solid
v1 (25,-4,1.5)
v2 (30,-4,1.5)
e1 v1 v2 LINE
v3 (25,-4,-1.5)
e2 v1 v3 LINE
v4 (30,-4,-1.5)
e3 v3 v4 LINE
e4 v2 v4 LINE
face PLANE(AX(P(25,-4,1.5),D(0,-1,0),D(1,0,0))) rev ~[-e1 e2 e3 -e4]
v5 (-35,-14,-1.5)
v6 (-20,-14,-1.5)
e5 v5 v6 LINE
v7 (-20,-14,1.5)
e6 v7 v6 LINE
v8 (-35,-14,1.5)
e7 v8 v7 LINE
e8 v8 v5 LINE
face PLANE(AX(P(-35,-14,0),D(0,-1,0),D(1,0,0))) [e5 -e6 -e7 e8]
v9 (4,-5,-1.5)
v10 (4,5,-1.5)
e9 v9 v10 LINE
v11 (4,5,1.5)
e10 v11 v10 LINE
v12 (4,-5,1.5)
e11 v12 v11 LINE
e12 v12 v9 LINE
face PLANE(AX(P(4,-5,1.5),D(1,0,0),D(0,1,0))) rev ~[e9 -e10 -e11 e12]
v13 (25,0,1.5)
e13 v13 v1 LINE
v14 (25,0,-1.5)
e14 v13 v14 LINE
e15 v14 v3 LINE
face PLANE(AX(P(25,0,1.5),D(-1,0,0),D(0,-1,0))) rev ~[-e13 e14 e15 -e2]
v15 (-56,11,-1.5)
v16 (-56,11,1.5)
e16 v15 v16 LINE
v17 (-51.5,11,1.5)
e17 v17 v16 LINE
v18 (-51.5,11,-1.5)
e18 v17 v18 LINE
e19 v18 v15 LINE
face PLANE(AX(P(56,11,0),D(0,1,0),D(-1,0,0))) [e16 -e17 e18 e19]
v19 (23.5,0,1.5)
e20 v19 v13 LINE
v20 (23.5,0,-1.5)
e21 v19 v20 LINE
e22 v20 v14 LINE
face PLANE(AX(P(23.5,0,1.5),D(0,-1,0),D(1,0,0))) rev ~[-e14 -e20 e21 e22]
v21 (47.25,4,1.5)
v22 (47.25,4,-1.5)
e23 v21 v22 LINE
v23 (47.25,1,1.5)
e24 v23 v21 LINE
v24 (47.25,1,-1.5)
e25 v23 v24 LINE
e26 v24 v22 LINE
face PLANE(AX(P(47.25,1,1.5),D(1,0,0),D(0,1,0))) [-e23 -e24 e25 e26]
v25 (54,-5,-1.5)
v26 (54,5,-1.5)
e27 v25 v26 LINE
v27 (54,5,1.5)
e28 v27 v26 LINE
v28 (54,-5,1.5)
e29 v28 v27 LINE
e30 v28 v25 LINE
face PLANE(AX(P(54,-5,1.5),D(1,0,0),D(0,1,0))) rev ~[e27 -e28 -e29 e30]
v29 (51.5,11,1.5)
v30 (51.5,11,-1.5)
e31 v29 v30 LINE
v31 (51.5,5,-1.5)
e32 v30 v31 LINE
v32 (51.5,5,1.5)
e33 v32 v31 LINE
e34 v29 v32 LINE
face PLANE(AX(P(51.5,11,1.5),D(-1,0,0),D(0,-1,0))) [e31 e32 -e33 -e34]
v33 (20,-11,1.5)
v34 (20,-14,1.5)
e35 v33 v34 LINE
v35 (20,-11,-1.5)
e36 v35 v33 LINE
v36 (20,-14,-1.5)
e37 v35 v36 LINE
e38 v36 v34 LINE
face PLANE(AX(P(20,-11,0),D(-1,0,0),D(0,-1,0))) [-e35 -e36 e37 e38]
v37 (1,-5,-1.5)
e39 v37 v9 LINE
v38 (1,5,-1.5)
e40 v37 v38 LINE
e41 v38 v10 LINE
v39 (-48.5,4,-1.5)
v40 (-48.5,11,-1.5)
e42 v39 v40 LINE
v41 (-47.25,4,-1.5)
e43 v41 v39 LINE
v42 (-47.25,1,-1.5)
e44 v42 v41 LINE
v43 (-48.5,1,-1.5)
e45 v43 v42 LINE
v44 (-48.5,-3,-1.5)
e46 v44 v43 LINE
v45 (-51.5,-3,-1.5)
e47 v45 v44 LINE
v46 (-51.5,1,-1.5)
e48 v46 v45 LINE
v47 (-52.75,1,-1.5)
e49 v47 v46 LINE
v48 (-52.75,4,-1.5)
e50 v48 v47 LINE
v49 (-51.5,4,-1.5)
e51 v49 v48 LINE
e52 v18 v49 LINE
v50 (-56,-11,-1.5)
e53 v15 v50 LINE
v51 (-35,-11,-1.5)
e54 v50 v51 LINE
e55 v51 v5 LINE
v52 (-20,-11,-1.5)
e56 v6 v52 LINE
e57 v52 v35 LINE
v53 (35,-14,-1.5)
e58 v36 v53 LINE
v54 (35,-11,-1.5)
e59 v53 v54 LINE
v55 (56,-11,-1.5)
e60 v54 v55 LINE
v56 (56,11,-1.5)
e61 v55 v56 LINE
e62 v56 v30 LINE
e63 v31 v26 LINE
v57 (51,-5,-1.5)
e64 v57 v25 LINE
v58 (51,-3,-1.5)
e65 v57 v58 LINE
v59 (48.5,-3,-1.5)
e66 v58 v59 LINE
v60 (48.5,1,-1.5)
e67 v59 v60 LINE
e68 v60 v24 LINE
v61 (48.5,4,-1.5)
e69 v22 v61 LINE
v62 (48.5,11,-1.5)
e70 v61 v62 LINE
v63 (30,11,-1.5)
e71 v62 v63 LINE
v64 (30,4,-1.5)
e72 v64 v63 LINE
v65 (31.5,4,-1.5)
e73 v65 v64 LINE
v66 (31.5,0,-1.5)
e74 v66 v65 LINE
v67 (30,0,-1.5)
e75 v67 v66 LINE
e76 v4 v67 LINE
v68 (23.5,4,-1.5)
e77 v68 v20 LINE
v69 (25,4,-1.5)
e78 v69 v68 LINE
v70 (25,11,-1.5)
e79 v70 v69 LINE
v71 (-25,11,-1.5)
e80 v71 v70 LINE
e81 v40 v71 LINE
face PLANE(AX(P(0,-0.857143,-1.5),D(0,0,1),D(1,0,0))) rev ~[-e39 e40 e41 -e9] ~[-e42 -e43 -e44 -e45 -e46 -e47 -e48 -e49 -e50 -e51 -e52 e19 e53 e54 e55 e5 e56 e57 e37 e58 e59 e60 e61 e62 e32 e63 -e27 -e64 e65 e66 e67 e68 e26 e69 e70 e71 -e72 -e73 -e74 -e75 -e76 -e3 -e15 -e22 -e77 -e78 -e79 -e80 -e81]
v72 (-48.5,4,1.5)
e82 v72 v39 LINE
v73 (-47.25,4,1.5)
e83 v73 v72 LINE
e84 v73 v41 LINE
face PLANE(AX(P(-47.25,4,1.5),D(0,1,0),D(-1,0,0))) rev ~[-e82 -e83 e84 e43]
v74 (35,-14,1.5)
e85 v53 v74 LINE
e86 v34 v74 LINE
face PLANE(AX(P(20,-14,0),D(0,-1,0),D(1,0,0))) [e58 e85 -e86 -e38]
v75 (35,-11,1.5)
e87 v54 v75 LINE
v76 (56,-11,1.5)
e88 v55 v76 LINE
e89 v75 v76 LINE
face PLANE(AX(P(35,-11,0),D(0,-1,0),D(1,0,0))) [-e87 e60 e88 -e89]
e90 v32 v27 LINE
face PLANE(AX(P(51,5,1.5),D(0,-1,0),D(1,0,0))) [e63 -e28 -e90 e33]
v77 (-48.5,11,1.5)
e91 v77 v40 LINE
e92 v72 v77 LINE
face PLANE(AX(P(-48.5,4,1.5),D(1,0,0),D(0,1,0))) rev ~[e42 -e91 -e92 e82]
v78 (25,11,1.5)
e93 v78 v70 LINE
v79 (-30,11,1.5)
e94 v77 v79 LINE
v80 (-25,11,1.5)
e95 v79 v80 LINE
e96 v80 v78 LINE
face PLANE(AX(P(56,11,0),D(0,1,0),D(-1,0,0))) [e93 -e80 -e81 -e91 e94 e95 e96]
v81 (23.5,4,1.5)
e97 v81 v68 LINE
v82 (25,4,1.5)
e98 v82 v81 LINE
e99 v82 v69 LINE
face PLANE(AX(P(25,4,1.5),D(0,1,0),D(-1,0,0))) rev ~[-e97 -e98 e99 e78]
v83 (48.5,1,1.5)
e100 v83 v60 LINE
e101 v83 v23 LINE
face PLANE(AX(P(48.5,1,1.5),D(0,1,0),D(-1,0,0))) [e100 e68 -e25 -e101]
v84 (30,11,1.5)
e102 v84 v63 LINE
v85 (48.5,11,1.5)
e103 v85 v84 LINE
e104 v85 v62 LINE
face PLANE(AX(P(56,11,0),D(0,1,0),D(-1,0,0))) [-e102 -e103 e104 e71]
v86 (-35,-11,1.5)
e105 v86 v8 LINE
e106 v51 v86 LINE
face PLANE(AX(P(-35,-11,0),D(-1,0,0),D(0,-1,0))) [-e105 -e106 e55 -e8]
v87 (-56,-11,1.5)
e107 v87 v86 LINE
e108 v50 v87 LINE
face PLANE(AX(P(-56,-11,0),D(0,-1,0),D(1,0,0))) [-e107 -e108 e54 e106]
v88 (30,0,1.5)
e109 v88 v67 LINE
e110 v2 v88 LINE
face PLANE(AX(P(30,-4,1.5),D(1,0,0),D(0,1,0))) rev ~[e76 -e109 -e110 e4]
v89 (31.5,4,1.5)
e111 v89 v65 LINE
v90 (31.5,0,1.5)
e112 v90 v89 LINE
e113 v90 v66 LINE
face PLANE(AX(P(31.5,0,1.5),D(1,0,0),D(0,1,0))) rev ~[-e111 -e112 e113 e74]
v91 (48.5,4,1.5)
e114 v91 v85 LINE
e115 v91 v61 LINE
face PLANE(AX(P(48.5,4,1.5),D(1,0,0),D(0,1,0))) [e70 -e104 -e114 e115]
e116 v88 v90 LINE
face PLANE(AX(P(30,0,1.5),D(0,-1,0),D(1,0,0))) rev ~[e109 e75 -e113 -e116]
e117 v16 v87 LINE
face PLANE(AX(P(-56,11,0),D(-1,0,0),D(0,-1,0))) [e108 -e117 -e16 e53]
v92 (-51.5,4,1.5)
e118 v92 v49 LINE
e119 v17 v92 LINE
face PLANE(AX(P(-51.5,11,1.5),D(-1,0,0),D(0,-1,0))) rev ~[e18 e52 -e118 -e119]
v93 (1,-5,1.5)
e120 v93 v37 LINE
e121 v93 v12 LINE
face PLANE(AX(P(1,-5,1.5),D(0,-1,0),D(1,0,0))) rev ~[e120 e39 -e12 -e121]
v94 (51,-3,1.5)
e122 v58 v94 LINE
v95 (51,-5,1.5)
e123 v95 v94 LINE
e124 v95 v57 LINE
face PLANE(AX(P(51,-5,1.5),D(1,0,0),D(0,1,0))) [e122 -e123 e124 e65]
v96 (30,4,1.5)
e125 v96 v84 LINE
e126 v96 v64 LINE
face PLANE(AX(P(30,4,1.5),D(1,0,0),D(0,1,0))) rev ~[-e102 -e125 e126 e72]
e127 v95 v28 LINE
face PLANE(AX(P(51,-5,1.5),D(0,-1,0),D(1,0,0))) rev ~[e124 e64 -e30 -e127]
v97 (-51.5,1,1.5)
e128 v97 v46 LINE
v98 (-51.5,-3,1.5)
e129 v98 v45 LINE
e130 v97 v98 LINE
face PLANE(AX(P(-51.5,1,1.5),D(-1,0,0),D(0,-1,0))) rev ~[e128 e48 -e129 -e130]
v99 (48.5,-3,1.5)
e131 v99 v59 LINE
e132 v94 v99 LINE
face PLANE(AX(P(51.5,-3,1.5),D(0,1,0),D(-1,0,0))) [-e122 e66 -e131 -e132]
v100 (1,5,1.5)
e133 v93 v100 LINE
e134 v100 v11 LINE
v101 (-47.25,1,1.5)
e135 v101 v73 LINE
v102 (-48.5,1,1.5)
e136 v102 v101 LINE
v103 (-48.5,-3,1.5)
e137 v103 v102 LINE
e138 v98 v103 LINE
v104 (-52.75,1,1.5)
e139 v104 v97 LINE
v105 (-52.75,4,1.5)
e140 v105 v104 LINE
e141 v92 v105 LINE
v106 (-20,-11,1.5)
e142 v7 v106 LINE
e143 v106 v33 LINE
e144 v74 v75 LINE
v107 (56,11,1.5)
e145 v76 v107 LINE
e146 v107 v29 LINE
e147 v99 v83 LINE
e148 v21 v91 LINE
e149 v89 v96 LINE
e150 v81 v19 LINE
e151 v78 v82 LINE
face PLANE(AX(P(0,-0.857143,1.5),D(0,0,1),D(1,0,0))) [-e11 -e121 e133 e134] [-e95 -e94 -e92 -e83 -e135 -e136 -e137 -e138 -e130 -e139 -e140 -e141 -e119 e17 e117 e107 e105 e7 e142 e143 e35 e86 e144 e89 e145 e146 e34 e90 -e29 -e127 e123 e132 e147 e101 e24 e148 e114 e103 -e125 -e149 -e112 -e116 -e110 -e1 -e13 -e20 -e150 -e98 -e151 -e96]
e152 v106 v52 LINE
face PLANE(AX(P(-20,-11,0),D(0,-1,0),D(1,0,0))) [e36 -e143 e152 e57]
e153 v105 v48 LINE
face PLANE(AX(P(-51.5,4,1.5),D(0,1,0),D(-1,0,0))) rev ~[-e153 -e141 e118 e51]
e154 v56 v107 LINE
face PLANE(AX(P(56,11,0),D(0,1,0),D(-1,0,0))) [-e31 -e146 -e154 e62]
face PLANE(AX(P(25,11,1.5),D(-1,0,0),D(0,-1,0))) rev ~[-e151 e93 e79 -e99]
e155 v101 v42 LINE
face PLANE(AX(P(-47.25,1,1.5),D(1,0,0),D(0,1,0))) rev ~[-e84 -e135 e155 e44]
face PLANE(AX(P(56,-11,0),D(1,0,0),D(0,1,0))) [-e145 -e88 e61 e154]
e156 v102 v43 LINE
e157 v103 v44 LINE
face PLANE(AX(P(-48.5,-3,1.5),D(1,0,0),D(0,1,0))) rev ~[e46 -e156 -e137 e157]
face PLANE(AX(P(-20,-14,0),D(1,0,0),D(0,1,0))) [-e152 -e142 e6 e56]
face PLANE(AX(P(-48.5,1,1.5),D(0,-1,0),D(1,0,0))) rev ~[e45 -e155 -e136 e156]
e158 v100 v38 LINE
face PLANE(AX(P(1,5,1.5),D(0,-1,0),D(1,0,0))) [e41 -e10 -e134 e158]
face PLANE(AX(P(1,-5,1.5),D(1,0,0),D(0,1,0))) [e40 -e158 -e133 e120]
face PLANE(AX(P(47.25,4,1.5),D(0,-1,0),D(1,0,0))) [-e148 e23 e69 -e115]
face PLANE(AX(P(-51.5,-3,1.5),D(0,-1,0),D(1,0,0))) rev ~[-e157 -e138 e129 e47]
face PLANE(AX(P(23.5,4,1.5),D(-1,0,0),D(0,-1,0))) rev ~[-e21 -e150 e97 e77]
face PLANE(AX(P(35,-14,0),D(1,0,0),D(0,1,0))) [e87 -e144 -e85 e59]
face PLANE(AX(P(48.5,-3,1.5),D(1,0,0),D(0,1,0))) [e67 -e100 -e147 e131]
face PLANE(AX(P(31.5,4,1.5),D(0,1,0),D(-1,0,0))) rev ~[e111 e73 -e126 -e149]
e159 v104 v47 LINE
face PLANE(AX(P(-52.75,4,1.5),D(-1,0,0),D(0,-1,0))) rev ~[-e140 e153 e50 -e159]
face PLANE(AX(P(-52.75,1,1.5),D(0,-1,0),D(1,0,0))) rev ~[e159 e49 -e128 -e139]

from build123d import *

# Parameters (mm, degrees)
BOSS_EXTRUDE1_DEPTH = 1.5
SKETCH2_W           = 3
SKETCH2_H           = 10
CUT_EXTRUDE1_DEPTH  = 58.801384066
CUT_EXTRUDE3_DEPTH  = 58.801384066
CUT_EXTRUDE4_DEPTH  = 58.801384066
SKETCH6_W           = 18.566482568
SKETCH6_H           = 17.933193013
BOSS_EXTRUDE3_DEPTH = 3


with BuildPart() as part:
    # Sketch1 → Boss-Extrude1 (new, symmetric)
    with BuildSketch(Plane.XY):
        Polygon((-20, -11), (20, -11), (20, -14), (35, -14), (35, -11), (56, -11), (56, 11), (-56, 11), (-56, -11), (-35, -11), (-35, -14), (-20, -14), align=None)
    extrude(amount=BOSS_EXTRUDE1_DEPTH, both=True)

    # Sketch2 → Cut-Extrude1 (cut, through all)
    with BuildSketch(Plane.XY.offset(1.5)):
        with Locations((2.5, 0)):
            Rectangle(SKETCH2_W, SKETCH2_H)
        with Locations((52.5, 0)):
            Rectangle(SKETCH2_W, SKETCH2_H)
    extrude(amount=-CUT_EXTRUDE1_DEPTH, mode=Mode.SUBTRACT)

    # Sketch4 → Cut-Extrude3 (cut, through all)
    with BuildSketch(Plane.XY.offset(1.5)):
        Polygon((25, 11), (25, 4), (23.5, 4), (23.5, 0), (25, 0), (25, -4), (30, -4), (30, 0), (31.5, 0), (31.5, 4), (30, 4), (30, 11), align=None)
        Polygon((-30, 11), (-25, 11), (-25, 4), (-23.5, 4), (-23.5, 0), (-25, 0), (-25, -4), (-30, -4), (-30, 0), (-31.5, 0), (-31.5, 4), (-30, 4), align=None)
    extrude(amount=-CUT_EXTRUDE3_DEPTH, mode=Mode.SUBTRACT)

    # Sketch5 → Cut-Extrude4 (cut, through all)
    with BuildSketch(Plane.XY.offset(1.5)):
        Polygon((-51.5, 11), (-51.5, 4), (-52.75, 4), (-52.75, 1), (-51.5, 1), (-51.5, -3), (-48.5, -3), (-48.5, 1), (-47.25, 1), (-47.25, 4), (-48.5, 4), (-48.5, 11), align=None)
        Polygon((48.5, 11), (51.5, 11), (51.5, 4), (52.75, 4), (52.75, 1), (51.5, 1), (51.5, -3), (48.5, -3), (48.5, 1), (47.25, 1), (47.25, 4), (48.5, 4), align=None)
    extrude(amount=-CUT_EXTRUDE4_DEPTH, mode=Mode.SUBTRACT)

    # Sketch6 → Boss-Extrude3 (add, through all)
    with BuildSketch(Plane.XY.offset(1.5)):
        with Locations((-26.473921785, 2.033403493)):
            Rectangle(SKETCH6_W, SKETCH6_H)
    extrude(amount=-BOSS_EXTRUDE3_DEPTH)


solid = part.part
